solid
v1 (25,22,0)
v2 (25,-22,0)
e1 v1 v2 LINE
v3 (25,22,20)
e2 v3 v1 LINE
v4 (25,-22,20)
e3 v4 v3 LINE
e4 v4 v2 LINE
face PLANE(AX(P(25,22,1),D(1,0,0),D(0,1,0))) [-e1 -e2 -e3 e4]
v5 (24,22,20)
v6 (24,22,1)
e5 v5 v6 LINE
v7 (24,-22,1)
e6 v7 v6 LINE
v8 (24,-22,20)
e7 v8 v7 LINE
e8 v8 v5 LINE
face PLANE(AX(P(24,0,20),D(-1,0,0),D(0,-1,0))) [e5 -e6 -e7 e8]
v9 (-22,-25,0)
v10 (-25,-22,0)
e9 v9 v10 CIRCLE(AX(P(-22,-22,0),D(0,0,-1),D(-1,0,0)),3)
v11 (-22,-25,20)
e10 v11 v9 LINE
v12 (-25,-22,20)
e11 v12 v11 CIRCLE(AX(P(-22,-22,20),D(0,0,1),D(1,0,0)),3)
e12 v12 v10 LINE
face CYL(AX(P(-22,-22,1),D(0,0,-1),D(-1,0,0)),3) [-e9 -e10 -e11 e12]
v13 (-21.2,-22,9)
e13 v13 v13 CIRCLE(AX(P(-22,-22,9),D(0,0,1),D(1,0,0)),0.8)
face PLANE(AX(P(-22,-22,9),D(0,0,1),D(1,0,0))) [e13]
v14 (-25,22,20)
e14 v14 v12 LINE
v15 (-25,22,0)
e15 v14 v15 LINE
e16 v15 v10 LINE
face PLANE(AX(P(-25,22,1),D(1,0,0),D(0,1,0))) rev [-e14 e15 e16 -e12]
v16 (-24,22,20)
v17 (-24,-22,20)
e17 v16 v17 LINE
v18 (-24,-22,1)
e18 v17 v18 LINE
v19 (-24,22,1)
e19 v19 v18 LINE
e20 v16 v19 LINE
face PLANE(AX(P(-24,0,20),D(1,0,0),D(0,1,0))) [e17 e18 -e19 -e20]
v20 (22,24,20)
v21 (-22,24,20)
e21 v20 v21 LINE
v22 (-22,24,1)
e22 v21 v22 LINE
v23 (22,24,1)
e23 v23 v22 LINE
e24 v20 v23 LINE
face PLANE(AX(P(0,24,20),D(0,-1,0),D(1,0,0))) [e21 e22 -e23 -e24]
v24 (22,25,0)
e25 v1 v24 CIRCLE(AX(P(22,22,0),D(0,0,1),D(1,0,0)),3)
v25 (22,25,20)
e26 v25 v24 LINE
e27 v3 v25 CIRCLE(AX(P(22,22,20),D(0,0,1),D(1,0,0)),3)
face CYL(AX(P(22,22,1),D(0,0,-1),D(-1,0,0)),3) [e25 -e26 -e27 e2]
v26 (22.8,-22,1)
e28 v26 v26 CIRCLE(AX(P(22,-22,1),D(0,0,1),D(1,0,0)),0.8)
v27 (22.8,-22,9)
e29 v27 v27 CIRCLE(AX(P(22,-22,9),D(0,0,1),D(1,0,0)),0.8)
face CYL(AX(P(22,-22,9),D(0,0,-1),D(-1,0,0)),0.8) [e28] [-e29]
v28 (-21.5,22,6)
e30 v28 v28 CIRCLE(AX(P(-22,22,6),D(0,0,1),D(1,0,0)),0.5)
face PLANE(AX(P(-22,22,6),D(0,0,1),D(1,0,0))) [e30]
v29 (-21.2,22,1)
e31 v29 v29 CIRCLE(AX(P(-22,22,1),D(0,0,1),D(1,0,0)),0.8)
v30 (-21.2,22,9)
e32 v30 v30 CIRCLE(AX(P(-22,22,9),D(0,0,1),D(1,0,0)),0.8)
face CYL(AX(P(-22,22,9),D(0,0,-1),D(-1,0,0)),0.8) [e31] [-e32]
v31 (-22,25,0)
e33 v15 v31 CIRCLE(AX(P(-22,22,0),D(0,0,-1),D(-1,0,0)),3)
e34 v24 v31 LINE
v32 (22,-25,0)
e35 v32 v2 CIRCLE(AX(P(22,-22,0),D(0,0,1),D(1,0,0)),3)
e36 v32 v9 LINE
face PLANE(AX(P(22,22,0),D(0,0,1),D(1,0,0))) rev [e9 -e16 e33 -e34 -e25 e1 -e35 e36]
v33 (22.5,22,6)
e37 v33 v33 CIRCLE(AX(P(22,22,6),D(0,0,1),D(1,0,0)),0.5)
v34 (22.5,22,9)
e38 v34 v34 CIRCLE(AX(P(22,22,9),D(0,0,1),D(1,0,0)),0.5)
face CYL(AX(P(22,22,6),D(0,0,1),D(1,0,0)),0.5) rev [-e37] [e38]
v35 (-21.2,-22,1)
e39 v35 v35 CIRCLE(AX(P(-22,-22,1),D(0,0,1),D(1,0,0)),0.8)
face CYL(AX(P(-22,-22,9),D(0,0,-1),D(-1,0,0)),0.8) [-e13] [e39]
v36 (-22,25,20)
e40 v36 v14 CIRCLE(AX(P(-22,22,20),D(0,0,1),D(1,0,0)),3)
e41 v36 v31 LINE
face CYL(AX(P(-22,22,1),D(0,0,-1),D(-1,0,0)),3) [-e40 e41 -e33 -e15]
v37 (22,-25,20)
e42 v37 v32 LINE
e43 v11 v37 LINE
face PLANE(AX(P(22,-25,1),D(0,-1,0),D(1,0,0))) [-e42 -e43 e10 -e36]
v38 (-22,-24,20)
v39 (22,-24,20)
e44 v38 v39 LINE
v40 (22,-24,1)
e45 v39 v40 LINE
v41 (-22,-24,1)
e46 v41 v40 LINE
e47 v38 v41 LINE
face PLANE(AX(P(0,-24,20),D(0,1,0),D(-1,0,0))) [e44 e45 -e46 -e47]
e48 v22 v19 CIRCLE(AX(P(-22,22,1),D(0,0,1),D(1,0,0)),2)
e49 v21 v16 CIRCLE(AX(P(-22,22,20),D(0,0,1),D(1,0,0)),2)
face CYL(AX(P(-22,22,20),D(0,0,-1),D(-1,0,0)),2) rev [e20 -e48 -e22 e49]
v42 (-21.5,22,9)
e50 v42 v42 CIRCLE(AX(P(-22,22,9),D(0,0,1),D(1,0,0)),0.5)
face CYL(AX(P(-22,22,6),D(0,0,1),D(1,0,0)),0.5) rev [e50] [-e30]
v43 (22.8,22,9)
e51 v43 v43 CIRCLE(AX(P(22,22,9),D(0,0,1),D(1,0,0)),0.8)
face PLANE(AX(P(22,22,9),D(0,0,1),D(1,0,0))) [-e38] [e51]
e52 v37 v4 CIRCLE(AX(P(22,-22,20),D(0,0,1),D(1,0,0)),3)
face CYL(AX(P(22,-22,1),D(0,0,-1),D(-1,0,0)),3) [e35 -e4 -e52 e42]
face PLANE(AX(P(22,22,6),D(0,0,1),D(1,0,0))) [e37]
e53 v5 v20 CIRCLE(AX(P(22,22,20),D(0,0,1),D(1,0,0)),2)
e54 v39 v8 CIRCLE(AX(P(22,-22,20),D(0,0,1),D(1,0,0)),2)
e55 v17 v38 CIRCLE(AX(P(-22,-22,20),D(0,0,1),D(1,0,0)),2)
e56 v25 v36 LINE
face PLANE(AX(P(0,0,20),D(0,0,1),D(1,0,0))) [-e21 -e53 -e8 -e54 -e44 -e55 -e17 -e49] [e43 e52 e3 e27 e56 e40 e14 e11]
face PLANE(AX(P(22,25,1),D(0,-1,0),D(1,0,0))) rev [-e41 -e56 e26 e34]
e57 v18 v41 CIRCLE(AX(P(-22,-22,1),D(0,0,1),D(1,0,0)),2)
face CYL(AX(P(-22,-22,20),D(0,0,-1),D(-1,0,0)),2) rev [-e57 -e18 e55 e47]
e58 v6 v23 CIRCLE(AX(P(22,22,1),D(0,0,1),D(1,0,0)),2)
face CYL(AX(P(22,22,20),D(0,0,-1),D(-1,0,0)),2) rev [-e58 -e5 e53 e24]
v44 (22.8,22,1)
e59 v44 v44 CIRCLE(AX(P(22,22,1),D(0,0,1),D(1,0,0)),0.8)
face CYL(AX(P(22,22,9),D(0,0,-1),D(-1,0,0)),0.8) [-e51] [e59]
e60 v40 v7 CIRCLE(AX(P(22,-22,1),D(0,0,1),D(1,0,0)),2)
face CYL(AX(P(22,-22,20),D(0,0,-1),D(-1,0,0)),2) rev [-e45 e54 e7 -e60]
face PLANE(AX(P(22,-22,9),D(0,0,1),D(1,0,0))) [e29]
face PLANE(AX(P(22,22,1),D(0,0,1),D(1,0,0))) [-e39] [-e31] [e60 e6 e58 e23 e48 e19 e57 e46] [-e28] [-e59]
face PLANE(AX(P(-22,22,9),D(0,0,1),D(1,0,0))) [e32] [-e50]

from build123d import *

# Parameters (mm, degrees)
EXTRUDE_4_DEPTH             = 1
EXTRUDE_5_DEPTH             = 19
SKETCH_12_R                 = 0.8
EXTRUDE_7_DEPTH             = 8
SKETCH_13_R                 = 0.5
CUT_EXTRUDE_1_DEPTH         = 3
PATTERN_LINEAR_1_COUNT      = 2
PATTERN_LINEAR_1_PITCH      = 44
PATTERN_LINEAR_1_COUNT_DIR2 = 2
PATTERN_LINEAR_1_PITCH_DIR2 = 44
PATTERN_LINEAR_2_COUNT      = 2
PATTERN_LINEAR_2_PITCH      = 44
PATTERN_LINEAR_2_COUNT_DIR2 = 2
PATTERN_LINEAR_2_PITCH_DIR2 = 44


with BuildPart() as part:
    # 草图1 → 凸台-拉伸4 (new body)
    with BuildSketch(Plane.XY):
        with BuildLine():
            Line((22, 25), (-22, 25))
            ThreePointArc((-22, 25), (-24.121320344, 24.121320344), (-25, 22))
            Line((-25, 22), (-25, -22))
            ThreePointArc((-25, -22), (-24.121320344, -24.121320344), (-22, -25))
            Line((-22, -25), (22, -25))
            ThreePointArc((22, -25), (24.121320344, -24.121320344), (25, -22))
            Line((25, -22), (25, 22))
            ThreePointArc((25, 22), (24.121320344, 24.121320344), (22, 25))
        make_face()
    extrude(amount=EXTRUDE_4_DEPTH)

    # 草图7 → 凸台-拉伸5 (add)
    with BuildSketch(Plane.XY.offset(1)):
        with BuildLine():
            ThreePointArc((22, -25), (24.121320344, -24.121320344), (25, -22))
            Line((25, -22), (25, 22))
            ThreePointArc((25, 22), (24.121320344, 24.121320344), (22, 25))
            Line((22, 25), (-22, 25))
            ThreePointArc((-22, 25), (-24.121320344, 24.121320344), (-25, 22))
            Line((-25, 22), (-25, -22))
            ThreePointArc((-25, -22), (-24.121320344, -24.121320344), (-22, -25))
            Line((-22, -25), (22, -25))
        make_face()
        with BuildLine():
            Line((22, -24), (-22, -24))
            ThreePointArc((-22, -24), (-23.414213562, -23.414213562), (-24, -22))
            Line((-24, -22), (-24, 22))
            ThreePointArc((-24, 22), (-23.414213562, 23.414213562), (-22, 24))
            Line((-22, 24), (22, 24))
            ThreePointArc((22, 24), (23.414213562, 23.414213562), (24, 22))
            Line((24, 22), (24, -22))
            ThreePointArc((24, -22), (23.414213562, -23.414213562), (22, -24))
        make_face(mode=Mode.SUBTRACT)
    extrude(amount=EXTRUDE_5_DEPTH)

    # 草图12 → 凸台-拉伸7 (add)
    with BuildSketch(Plane.XY.offset(1)):
        with Locations((-22, 22)):
            Circle(SKETCH_12_R)
    extrude_7 = extrude(amount=EXTRUDE_7_DEPTH)

    # 草图13 → 切除-拉伸1 (cut)
    with BuildSketch(Plane.XY.offset(9)):
        with Locations((-22, 22)):
            Circle(SKETCH_13_R)
    cut_extrude_1 = extrude(amount=-CUT_EXTRUDE_1_DEPTH, mode=Mode.SUBTRACT)

    # 阵列(线性)1: Extrude 7 2 × 2
    with Locations(*[(i * PATTERN_LINEAR_1_PITCH, -j * PATTERN_LINEAR_1_PITCH_DIR2, 0) for i in range(PATTERN_LINEAR_1_COUNT) for j in range(PATTERN_LINEAR_1_COUNT_DIR2) if (i, j) != (0, 0)]):
        add(extrude_7)

    # 阵列(线性)2: Cut-Extrude 1 2 × 2
    with Locations(*[Vector(1, 0, 0) * (i * PATTERN_LINEAR_2_PITCH) + Vector(1, 0, 0) * (j * PATTERN_LINEAR_2_PITCH_DIR2) for i in range(PATTERN_LINEAR_2_COUNT) for j in range(PATTERN_LINEAR_2_COUNT_DIR2) if (i, j) != (0, 0)]):
        add(cut_extrude_1, mode=Mode.SUBTRACT)


solid = part.part
